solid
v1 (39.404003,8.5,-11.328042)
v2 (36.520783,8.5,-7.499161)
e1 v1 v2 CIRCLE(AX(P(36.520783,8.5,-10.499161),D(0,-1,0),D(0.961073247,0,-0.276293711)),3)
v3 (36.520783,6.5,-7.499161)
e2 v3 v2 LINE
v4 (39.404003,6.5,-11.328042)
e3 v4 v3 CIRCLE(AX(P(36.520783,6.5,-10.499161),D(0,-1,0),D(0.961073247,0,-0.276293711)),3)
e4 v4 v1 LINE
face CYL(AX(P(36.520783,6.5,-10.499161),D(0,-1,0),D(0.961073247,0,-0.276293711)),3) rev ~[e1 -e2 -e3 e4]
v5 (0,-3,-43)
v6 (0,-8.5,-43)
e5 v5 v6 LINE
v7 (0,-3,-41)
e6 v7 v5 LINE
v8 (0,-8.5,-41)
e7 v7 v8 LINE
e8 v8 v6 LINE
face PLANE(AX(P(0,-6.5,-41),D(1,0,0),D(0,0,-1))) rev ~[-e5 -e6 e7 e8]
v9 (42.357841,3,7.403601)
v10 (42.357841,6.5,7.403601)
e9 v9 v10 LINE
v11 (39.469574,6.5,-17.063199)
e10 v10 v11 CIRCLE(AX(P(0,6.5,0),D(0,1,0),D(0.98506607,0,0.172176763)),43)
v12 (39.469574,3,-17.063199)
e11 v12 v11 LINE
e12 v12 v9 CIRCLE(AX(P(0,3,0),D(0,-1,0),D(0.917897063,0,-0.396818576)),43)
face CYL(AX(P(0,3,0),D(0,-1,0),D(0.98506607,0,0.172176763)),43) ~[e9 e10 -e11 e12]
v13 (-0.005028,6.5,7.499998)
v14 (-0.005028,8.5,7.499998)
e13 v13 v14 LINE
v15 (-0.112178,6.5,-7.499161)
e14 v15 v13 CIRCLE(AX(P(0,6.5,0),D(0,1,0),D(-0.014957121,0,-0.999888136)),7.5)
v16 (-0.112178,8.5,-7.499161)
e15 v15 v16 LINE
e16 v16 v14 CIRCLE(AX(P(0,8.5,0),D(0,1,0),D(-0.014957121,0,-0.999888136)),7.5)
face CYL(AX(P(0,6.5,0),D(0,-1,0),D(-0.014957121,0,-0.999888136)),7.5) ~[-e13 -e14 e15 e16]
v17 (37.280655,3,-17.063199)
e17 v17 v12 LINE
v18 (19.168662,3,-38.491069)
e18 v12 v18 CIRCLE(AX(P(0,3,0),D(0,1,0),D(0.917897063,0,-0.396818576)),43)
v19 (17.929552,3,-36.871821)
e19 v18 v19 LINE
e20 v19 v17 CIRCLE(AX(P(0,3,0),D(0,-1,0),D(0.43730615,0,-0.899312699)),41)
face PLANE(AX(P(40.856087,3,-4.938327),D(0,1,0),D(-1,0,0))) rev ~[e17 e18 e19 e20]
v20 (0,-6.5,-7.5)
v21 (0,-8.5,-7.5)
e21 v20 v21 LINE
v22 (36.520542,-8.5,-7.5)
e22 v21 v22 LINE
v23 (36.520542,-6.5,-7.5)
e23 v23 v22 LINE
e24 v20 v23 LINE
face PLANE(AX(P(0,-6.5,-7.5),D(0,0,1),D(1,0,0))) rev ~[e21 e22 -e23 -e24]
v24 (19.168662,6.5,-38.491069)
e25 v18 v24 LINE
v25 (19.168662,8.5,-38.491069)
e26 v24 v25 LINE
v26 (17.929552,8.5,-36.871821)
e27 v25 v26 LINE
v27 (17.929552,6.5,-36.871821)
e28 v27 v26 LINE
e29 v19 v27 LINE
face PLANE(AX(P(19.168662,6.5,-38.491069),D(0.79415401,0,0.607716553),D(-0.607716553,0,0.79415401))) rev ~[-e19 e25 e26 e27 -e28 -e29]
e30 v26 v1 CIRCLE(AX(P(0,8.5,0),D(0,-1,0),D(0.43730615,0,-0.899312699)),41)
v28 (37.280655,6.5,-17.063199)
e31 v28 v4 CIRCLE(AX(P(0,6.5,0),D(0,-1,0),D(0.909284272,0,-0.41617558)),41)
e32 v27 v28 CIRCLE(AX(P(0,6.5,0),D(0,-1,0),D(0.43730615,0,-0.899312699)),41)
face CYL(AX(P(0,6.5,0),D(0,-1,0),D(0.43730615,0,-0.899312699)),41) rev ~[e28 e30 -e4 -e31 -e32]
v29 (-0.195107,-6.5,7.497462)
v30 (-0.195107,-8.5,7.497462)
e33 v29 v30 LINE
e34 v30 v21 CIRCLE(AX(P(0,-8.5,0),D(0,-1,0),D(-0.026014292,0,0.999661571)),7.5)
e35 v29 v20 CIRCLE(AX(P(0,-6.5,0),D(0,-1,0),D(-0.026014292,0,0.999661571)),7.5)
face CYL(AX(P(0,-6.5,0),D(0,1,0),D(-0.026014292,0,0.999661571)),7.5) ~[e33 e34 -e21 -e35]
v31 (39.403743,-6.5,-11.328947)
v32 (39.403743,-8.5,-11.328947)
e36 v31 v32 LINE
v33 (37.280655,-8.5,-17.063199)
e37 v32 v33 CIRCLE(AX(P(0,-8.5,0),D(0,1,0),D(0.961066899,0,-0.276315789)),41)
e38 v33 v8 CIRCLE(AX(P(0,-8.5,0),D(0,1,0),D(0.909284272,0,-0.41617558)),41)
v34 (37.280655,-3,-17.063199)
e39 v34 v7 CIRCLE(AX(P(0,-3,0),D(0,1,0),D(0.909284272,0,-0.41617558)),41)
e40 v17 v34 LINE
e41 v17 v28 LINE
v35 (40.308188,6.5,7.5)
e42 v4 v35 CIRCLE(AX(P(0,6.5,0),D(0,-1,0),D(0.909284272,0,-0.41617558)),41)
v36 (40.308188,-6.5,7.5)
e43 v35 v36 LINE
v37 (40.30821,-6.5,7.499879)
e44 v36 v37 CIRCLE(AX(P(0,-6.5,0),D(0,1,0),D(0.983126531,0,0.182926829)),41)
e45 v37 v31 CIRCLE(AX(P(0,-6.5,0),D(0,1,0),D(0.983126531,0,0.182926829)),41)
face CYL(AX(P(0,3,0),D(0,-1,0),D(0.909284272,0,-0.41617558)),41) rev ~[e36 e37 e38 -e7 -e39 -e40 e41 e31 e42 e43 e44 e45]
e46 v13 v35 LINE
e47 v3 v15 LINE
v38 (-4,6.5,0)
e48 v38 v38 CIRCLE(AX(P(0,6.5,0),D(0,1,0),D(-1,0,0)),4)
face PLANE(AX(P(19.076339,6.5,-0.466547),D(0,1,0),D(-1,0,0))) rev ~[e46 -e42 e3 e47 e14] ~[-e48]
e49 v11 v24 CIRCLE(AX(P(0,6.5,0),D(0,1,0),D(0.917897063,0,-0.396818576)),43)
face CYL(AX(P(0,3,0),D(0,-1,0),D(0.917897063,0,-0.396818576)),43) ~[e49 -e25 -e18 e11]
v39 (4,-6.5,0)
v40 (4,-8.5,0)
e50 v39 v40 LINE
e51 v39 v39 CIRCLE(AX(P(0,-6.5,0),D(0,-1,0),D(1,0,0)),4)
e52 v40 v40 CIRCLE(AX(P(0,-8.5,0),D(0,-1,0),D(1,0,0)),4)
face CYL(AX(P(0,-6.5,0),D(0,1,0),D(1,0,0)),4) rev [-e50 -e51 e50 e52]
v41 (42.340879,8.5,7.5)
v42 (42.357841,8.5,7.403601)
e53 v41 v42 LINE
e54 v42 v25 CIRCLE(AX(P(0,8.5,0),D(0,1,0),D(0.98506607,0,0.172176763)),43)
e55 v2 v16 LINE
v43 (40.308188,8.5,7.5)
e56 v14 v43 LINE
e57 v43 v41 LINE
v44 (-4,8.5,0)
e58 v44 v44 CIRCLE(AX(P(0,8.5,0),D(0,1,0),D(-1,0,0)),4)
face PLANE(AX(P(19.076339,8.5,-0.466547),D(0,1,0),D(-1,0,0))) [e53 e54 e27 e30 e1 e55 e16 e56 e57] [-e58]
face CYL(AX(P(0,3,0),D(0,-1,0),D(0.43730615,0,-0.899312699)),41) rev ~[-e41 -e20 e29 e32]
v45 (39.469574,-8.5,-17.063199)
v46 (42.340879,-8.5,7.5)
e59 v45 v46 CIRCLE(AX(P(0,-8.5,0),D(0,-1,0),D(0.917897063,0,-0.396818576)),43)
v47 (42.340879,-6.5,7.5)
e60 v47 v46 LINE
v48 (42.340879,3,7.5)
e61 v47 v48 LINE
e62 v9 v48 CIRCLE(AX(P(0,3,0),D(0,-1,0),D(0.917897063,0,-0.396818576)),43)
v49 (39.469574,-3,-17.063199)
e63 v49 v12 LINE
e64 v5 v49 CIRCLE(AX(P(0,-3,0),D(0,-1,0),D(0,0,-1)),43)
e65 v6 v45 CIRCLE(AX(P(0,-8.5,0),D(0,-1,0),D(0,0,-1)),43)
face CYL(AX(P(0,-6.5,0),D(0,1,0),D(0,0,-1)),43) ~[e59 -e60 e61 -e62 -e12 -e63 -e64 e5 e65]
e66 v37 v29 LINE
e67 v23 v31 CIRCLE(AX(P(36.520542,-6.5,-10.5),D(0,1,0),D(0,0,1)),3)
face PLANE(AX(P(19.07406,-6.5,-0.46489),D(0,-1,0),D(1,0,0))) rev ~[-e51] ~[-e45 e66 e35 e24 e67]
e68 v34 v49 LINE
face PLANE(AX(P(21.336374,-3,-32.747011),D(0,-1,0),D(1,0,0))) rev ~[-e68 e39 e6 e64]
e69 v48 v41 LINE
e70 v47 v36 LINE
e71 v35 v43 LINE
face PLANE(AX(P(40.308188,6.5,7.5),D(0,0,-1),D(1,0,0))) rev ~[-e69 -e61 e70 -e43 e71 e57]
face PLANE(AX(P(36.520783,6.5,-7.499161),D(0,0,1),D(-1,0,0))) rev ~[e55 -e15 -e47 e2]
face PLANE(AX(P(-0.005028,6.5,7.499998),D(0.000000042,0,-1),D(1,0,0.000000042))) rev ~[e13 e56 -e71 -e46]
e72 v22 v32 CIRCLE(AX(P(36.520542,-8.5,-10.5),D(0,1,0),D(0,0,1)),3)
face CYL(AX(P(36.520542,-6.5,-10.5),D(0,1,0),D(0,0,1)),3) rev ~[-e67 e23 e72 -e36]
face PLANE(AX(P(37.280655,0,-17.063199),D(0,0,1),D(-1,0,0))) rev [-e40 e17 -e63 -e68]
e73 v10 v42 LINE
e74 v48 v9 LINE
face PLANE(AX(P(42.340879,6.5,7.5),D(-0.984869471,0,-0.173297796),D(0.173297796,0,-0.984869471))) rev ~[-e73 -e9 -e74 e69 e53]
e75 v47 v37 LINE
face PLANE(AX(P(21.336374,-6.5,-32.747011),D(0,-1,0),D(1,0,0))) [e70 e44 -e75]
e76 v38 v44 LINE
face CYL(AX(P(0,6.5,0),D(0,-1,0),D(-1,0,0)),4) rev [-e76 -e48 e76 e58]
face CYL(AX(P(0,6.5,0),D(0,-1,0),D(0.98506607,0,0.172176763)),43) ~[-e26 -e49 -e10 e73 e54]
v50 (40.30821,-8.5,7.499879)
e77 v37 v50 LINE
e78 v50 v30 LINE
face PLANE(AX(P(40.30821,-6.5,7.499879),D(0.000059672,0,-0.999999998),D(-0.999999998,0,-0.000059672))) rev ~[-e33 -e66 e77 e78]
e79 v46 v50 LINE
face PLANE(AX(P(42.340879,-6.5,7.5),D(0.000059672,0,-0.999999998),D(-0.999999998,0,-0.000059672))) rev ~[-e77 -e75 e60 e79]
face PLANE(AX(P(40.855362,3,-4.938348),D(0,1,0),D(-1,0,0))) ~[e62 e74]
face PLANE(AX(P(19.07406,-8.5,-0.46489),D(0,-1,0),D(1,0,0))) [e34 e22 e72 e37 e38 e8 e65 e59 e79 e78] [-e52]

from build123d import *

# Parameters (mm, degrees)
F1_DEPTH  = 3
F4_DEPTH  = 3.5
F5_R      = 4
F6_DEPTH  = 2
F8_DEPTH  = 3.5
F9_R      = 4
F10_DEPTH = 2


with BuildPart() as f1:
    # F0 (on Front) → F1 (new body)
    with BuildSketch(Plane.XZ):
        with BuildLine():
            Line((42.3408785927, 7.5), (40.3081877539, 7.5))
            ThreePointArc((40.3081877539, 7.5), (40.6920731694, -5.0154941107), (37.2806551355, -17.0631987819))
            Line((37.2806551355, -17.0631987819), (39.4695736908, -17.0631987819))
            ThreePointArc((39.4695736908, -17.0631987819), (42.7091934986, -4.9924734046), (42.3408785927, 7.5))
        make_face()
    extrude(amount=F1_DEPTH)

    # F2: F1 across plane


with BuildPart() as f1_1:
    add(f1.part)
    add(f1.part.mirror(Plane.XZ))

    # F3 (on face) → F4 (join)
    with BuildSketch(Plane.XZ.offset(3)):
        with BuildLine():
            ThreePointArc((37.2806551355, -17.0631987819), (22.151849245, -34.5006605013), (0, -41))
            Line((0, -41), (0, -43))
            ThreePointArc((0, -43), (23.6144283477, -35.9354807093), (39.4695736908, -17.0631987819))
            Line((39.4695736908, -17.0631987819), (37.2806551355, -17.0631987819))
        make_face()
        with BuildLine():
            Line((42.3408785927, 7.5), (40.3081877539, 7.5))
            ThreePointArc((40.3081877539, 7.5), (40.6920731694, -5.0154941107), (37.2806551355, -17.0631987819))
            Line((37.2806551355, -17.0631987819), (39.4695736908, -17.0631987819))
            ThreePointArc((39.4695736908, -17.0631987819), (42.7091934986, -4.9924734046), (42.3408785927, 7.5))
        make_face()
    extrude(amount=F4_DEPTH)

    # F5 (on face) → F6 (join)
    with BuildSketch(Plane.XZ.offset(6.5)):
        with BuildLine():
            ThreePointArc((36.5205421647, -7.5), (38.9170857283, -8.6954006131), (39.4037428619, -11.3289473684))
            ThreePointArc((39.4037428619, -11.3289473684), (40.9527782079, -1.9672206414), (40.3082103224, 7.4998787062))
            Line((40.3082103224, 7.4998787062), (-0.1951071863, 7.4974617829))
            ThreePointArc((-0.1951071863, 7.4974617829), (-7.4993654189, -0.0975618479), (0, -7.5))
            Line((0, -7.5), (36.5205421647, -7.5))
        make_face()
        Circle(F5_R, mode=Mode.SUBTRACT)
        with BuildLine():
            ThreePointArc((39.4037428619, -11.3289473684), (38.4492475072, -14.2357074334), (37.2806551355, -17.0631987819))
            ThreePointArc((37.2806551355, -17.0631987819), (22.151849245, -34.5006605013), (0, -41))
            Line((0, -41), (0, -43))
            ThreePointArc((0, -43), (23.6144283477, -35.9354807093), (39.4695736908, -17.0631987819))
            ThreePointArc((39.4695736908, -17.0631987819), (42.7091934986, -4.9924734046), (42.3408785927, 7.5))
            Line((42.3408785927, 7.5), (40.3082103224, 7.4998787062))
            ThreePointArc((40.3082103224, 7.4998787062), (40.9527782079, -1.9672206414), (39.4037428619, -11.3289473684))
        make_face()
    extrude(amount=F6_DEPTH)

    # F7 (on face) → F8 (join)
    with BuildSketch(Plane(origin=(0, 3, 0), x_dir=(-1, 0, 0), z_dir=(0, 1, 0))):
        with BuildLine():
            Line((-40.3081877539, 7.5), (-42.3408785927, 7.5))
            Line((-42.3408785927, 7.5), (-42.3578410098, 7.4036008123))
            ThreePointArc((-42.3578410098, 7.4036008123), (-42.7034836956, -5.0410792753), (-39.4695736908, -17.0631987819))
            Line((-39.4695736908, -17.0631987819), (-37.2806551355, -17.0631987819))
            ThreePointArc((-37.2806551355, -17.0631987819), (-40.6920731694, -5.0154941107), (-40.3081877539, 7.5))
        make_face()
        with BuildLine():
            ThreePointArc((-17.9295521431, -36.8718206758), (-29.3280944194, -28.6507046637), (-37.2806551355, -17.0631987819))
            Line((-37.2806551355, -17.0631987819), (-39.4695736908, -17.0631987819))
            ThreePointArc((-39.4695736908, -17.0631987819), (-31.2153660392, -29.5736525143), (-19.1686619835, -38.491069065))
            Line((-19.1686619835, -38.491069065), (-17.9295521431, -36.8718206758))
        make_face()
    extrude(amount=F8_DEPTH)

    # F9 (on face) → F10 (join)
    with BuildSketch(Plane(origin=(0, 6.5, 0), x_dir=(-1, 0, 0), z_dir=(0, 1, 0))):
        with BuildLine():
            Line((0.0050283843, 7.4999983144), (-40.3081877539, 7.5))
            ThreePointArc((-40.3081877539, 7.5), (-40.9528037605, -1.9666886256), (-39.4040031085, -11.3280421532))
            ThreePointArc((-39.4040031085, -11.3280421532), (-38.9173062041, -8.6945341056), (-36.5207833689, -7.4991610201))
            Line((-36.5207833689, -7.4991610201), (0.1121784082, -7.4991610201))
            ThreePointArc((0.1121784082, -7.4991610201), (7.4998086337, 0.0535766476), (0.0050283843, 7.4999983144))
        make_face()
        Circle(F9_R, mode=Mode.SUBTRACT)
        with BuildLine():
            Line((-40.3081877539, 7.5), (-42.3408785927, 7.5))
            Line((-42.3408785927, 7.5), (-42.3578410098, 7.4036008123))
            ThreePointArc((-42.3578410098, 7.4036008123), (-38.3791326561, -19.3918069444), (-19.1686619835, -38.491069065))
            Line((-19.1686619835, -38.491069065), (-17.9295521431, -36.8718206758))
            ThreePointArc((-17.9295521431, -36.8718206758), (-31.3832008366, -26.3836067521), (-39.4040031085, -11.3280421532))
            ThreePointArc((-39.4040031085, -11.3280421532), (-40.9528037605, -1.9666886256), (-40.3081877539, 7.5))
        make_face()
    extrude(amount=F10_DEPTH)


solid = f1_1.part
